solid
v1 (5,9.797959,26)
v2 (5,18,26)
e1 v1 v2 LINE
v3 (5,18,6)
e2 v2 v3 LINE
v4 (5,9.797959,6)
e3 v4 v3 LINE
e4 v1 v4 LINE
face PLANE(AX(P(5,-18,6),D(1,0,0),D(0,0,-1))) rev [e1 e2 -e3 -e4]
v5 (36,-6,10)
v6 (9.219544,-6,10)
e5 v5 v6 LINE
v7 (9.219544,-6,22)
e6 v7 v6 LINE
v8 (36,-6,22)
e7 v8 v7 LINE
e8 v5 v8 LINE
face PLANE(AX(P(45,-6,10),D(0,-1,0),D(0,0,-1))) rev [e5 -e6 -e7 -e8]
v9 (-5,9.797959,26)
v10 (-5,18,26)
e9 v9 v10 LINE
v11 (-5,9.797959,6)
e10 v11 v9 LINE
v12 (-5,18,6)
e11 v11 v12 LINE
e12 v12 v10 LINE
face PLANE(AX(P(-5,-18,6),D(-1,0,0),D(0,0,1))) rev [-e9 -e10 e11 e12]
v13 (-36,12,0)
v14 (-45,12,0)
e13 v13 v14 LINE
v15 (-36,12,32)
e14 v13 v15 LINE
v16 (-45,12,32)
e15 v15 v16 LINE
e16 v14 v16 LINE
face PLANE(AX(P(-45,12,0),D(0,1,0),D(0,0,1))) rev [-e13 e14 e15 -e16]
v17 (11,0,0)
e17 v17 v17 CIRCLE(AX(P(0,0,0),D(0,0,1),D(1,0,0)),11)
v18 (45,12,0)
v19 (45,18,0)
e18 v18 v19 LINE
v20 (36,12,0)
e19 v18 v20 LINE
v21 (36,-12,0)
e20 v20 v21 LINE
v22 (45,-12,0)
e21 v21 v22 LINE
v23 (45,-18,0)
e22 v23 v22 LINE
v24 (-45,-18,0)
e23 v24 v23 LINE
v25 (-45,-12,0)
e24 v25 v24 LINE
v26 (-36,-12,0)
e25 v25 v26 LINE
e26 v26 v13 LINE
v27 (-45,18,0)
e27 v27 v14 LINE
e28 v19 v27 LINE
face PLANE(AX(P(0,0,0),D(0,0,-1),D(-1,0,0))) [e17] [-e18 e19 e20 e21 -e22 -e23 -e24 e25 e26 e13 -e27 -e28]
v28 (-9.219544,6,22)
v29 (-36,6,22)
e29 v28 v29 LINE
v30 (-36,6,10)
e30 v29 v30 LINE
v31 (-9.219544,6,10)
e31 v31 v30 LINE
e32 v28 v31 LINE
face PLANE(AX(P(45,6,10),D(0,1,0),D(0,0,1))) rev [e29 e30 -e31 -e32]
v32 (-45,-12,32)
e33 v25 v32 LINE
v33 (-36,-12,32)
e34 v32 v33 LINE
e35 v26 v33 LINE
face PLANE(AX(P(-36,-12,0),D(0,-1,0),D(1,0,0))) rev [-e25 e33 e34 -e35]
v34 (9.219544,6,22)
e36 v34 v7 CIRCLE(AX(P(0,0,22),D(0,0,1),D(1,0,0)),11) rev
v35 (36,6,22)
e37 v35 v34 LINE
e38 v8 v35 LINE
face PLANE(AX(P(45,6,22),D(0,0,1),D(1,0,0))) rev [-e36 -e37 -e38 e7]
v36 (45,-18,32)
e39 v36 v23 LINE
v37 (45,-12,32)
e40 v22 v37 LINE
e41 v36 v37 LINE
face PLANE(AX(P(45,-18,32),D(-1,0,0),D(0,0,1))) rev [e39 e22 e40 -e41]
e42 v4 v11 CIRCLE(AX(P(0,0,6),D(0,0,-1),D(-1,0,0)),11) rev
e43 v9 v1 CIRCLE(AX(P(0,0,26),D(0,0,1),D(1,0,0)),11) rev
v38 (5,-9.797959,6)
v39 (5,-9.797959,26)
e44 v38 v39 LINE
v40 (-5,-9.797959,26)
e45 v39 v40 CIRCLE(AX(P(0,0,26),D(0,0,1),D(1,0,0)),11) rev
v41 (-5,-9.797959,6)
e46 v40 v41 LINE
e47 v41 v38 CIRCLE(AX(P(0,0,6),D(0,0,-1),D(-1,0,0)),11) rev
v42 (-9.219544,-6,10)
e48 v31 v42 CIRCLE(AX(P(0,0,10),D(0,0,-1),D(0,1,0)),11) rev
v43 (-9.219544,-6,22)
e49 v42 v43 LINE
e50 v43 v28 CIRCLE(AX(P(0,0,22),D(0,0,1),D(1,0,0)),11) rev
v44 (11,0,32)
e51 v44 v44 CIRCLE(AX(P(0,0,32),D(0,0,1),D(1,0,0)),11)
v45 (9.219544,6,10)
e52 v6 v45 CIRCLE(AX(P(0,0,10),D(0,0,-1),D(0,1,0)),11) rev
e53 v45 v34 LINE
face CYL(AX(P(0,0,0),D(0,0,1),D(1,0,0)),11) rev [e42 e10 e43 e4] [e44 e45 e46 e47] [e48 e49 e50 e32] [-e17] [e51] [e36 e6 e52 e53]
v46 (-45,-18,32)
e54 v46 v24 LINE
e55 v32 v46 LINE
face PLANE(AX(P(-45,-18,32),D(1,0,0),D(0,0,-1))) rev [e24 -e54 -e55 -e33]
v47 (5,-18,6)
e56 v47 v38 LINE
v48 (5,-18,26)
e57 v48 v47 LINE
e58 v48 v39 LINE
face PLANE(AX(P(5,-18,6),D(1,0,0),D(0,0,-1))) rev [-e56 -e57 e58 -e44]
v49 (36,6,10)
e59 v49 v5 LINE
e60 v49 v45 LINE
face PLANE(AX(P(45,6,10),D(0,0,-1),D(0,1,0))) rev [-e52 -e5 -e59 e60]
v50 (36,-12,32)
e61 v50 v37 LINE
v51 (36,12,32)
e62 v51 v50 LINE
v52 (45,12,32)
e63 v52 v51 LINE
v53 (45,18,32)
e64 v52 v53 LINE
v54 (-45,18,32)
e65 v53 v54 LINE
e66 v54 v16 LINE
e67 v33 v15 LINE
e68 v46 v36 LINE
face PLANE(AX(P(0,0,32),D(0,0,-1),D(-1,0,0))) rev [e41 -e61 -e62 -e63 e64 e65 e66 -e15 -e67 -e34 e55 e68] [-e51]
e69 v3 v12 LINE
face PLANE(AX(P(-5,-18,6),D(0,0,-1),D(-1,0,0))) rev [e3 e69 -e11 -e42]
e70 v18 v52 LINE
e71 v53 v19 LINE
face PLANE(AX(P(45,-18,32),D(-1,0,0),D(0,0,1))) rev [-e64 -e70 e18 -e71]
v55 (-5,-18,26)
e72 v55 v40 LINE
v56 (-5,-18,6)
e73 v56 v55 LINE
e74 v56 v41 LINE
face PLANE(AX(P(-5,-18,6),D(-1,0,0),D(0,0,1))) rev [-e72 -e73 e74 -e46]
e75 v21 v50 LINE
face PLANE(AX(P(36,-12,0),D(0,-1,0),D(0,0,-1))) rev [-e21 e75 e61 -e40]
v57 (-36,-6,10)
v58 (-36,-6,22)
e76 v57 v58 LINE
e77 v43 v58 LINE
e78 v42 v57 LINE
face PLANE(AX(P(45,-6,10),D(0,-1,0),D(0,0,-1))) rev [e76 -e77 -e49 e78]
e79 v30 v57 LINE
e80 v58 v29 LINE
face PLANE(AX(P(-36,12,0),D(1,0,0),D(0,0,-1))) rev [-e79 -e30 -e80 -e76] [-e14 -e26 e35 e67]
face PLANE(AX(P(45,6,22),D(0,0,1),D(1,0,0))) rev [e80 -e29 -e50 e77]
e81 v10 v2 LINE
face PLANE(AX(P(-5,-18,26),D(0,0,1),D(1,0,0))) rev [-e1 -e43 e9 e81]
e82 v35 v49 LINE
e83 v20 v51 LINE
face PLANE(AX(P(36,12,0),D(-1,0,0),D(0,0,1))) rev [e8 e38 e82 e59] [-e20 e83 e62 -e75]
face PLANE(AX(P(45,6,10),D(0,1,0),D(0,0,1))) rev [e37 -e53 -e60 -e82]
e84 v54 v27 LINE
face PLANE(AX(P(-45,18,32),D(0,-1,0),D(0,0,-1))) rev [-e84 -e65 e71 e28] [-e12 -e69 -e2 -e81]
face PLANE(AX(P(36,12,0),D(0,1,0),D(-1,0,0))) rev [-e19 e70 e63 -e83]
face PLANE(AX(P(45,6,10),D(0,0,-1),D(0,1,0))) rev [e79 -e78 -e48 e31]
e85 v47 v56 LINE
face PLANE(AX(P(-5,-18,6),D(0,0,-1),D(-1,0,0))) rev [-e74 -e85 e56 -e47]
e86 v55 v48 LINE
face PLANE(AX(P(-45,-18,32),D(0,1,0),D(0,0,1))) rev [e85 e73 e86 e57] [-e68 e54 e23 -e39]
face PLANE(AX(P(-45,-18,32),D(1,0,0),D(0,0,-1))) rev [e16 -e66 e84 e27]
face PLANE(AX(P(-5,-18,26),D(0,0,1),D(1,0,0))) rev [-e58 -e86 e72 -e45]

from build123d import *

# Parameters (mm, degrees)
SKETCH_2_W          = 90
SKETCH_2_H          = 36
EXTRUDE_1_DEPTH     = 32
SKETCH_3_W          = 9
SKETCH_3_H          = 24
CUT_EXTRUDE_1_DEPTH = 59.077534383
SKETCH_4_W          = 9
SKETCH_4_H          = 24
CUT_EXTRUDE_2_DEPTH = 59.077534383
SKETCH_6_R          = 11
CUT_EXTRUDE_3_DEPTH = 59.077534383
SKETCH_7_W          = 10
SKETCH_7_H          = 20
CUT_EXTRUDE_4_DEPTH = 66.916613991
SKETCH_9_W          = 12
SKETCH_9_H          = 12
CUT_EXTRUDE_5_DEPTH = 89.932558717


with BuildPart() as part:
    # Эскиз2 → Бобышка-Вытянуть1 (new body)
    with BuildSketch(Plane.XY):
        Rectangle(SKETCH_2_W, SKETCH_2_H)
    extrude(amount=EXTRUDE_1_DEPTH)

    # Эскиз3 → Вырез-Вытянуть1 (cut, through all)
    with BuildSketch(Plane.XY.offset(32)):
        with Locations((-40.5, 0)):
            Rectangle(SKETCH_3_W, SKETCH_3_H)
    extrude(amount=-CUT_EXTRUDE_1_DEPTH, mode=Mode.SUBTRACT)

    # Эскиз4 → Вырез-Вытянуть2 (cut, through all)
    with BuildSketch(Plane.XY.offset(32)):
        with Locations((40.5, 0)):
            Rectangle(SKETCH_4_W, SKETCH_4_H)
    extrude(amount=-CUT_EXTRUDE_2_DEPTH, mode=Mode.SUBTRACT)

    # Эскиз6 → Вырез-Вытянуть3 (cut, through all)
    with BuildSketch(Plane.XY.offset(32)):
        Circle(SKETCH_6_R)
    extrude(amount=-CUT_EXTRUDE_3_DEPTH, mode=Mode.SUBTRACT)

    # Эскиз7 → Вырез-Вытянуть4 (cut, through all)
    with BuildSketch(Plane(origin=(0, 18, 0), x_dir=(1, 0, 0), z_dir=(0, 1, 0))):
        with Locations((0, -16)):
            Rectangle(SKETCH_7_W, SKETCH_7_H)
    extrude(amount=-CUT_EXTRUDE_4_DEPTH, mode=Mode.SUBTRACT)

    # Эскиз9 → Вырез-Вытянуть5 (cut, through all)
    with BuildSketch(Plane.ZY.offset(36)):
        with Locations((16, 0)):
            Rectangle(SKETCH_9_W, SKETCH_9_H)
    extrude(amount=-CUT_EXTRUDE_5_DEPTH, mode=Mode.SUBTRACT)


solid = part.part
